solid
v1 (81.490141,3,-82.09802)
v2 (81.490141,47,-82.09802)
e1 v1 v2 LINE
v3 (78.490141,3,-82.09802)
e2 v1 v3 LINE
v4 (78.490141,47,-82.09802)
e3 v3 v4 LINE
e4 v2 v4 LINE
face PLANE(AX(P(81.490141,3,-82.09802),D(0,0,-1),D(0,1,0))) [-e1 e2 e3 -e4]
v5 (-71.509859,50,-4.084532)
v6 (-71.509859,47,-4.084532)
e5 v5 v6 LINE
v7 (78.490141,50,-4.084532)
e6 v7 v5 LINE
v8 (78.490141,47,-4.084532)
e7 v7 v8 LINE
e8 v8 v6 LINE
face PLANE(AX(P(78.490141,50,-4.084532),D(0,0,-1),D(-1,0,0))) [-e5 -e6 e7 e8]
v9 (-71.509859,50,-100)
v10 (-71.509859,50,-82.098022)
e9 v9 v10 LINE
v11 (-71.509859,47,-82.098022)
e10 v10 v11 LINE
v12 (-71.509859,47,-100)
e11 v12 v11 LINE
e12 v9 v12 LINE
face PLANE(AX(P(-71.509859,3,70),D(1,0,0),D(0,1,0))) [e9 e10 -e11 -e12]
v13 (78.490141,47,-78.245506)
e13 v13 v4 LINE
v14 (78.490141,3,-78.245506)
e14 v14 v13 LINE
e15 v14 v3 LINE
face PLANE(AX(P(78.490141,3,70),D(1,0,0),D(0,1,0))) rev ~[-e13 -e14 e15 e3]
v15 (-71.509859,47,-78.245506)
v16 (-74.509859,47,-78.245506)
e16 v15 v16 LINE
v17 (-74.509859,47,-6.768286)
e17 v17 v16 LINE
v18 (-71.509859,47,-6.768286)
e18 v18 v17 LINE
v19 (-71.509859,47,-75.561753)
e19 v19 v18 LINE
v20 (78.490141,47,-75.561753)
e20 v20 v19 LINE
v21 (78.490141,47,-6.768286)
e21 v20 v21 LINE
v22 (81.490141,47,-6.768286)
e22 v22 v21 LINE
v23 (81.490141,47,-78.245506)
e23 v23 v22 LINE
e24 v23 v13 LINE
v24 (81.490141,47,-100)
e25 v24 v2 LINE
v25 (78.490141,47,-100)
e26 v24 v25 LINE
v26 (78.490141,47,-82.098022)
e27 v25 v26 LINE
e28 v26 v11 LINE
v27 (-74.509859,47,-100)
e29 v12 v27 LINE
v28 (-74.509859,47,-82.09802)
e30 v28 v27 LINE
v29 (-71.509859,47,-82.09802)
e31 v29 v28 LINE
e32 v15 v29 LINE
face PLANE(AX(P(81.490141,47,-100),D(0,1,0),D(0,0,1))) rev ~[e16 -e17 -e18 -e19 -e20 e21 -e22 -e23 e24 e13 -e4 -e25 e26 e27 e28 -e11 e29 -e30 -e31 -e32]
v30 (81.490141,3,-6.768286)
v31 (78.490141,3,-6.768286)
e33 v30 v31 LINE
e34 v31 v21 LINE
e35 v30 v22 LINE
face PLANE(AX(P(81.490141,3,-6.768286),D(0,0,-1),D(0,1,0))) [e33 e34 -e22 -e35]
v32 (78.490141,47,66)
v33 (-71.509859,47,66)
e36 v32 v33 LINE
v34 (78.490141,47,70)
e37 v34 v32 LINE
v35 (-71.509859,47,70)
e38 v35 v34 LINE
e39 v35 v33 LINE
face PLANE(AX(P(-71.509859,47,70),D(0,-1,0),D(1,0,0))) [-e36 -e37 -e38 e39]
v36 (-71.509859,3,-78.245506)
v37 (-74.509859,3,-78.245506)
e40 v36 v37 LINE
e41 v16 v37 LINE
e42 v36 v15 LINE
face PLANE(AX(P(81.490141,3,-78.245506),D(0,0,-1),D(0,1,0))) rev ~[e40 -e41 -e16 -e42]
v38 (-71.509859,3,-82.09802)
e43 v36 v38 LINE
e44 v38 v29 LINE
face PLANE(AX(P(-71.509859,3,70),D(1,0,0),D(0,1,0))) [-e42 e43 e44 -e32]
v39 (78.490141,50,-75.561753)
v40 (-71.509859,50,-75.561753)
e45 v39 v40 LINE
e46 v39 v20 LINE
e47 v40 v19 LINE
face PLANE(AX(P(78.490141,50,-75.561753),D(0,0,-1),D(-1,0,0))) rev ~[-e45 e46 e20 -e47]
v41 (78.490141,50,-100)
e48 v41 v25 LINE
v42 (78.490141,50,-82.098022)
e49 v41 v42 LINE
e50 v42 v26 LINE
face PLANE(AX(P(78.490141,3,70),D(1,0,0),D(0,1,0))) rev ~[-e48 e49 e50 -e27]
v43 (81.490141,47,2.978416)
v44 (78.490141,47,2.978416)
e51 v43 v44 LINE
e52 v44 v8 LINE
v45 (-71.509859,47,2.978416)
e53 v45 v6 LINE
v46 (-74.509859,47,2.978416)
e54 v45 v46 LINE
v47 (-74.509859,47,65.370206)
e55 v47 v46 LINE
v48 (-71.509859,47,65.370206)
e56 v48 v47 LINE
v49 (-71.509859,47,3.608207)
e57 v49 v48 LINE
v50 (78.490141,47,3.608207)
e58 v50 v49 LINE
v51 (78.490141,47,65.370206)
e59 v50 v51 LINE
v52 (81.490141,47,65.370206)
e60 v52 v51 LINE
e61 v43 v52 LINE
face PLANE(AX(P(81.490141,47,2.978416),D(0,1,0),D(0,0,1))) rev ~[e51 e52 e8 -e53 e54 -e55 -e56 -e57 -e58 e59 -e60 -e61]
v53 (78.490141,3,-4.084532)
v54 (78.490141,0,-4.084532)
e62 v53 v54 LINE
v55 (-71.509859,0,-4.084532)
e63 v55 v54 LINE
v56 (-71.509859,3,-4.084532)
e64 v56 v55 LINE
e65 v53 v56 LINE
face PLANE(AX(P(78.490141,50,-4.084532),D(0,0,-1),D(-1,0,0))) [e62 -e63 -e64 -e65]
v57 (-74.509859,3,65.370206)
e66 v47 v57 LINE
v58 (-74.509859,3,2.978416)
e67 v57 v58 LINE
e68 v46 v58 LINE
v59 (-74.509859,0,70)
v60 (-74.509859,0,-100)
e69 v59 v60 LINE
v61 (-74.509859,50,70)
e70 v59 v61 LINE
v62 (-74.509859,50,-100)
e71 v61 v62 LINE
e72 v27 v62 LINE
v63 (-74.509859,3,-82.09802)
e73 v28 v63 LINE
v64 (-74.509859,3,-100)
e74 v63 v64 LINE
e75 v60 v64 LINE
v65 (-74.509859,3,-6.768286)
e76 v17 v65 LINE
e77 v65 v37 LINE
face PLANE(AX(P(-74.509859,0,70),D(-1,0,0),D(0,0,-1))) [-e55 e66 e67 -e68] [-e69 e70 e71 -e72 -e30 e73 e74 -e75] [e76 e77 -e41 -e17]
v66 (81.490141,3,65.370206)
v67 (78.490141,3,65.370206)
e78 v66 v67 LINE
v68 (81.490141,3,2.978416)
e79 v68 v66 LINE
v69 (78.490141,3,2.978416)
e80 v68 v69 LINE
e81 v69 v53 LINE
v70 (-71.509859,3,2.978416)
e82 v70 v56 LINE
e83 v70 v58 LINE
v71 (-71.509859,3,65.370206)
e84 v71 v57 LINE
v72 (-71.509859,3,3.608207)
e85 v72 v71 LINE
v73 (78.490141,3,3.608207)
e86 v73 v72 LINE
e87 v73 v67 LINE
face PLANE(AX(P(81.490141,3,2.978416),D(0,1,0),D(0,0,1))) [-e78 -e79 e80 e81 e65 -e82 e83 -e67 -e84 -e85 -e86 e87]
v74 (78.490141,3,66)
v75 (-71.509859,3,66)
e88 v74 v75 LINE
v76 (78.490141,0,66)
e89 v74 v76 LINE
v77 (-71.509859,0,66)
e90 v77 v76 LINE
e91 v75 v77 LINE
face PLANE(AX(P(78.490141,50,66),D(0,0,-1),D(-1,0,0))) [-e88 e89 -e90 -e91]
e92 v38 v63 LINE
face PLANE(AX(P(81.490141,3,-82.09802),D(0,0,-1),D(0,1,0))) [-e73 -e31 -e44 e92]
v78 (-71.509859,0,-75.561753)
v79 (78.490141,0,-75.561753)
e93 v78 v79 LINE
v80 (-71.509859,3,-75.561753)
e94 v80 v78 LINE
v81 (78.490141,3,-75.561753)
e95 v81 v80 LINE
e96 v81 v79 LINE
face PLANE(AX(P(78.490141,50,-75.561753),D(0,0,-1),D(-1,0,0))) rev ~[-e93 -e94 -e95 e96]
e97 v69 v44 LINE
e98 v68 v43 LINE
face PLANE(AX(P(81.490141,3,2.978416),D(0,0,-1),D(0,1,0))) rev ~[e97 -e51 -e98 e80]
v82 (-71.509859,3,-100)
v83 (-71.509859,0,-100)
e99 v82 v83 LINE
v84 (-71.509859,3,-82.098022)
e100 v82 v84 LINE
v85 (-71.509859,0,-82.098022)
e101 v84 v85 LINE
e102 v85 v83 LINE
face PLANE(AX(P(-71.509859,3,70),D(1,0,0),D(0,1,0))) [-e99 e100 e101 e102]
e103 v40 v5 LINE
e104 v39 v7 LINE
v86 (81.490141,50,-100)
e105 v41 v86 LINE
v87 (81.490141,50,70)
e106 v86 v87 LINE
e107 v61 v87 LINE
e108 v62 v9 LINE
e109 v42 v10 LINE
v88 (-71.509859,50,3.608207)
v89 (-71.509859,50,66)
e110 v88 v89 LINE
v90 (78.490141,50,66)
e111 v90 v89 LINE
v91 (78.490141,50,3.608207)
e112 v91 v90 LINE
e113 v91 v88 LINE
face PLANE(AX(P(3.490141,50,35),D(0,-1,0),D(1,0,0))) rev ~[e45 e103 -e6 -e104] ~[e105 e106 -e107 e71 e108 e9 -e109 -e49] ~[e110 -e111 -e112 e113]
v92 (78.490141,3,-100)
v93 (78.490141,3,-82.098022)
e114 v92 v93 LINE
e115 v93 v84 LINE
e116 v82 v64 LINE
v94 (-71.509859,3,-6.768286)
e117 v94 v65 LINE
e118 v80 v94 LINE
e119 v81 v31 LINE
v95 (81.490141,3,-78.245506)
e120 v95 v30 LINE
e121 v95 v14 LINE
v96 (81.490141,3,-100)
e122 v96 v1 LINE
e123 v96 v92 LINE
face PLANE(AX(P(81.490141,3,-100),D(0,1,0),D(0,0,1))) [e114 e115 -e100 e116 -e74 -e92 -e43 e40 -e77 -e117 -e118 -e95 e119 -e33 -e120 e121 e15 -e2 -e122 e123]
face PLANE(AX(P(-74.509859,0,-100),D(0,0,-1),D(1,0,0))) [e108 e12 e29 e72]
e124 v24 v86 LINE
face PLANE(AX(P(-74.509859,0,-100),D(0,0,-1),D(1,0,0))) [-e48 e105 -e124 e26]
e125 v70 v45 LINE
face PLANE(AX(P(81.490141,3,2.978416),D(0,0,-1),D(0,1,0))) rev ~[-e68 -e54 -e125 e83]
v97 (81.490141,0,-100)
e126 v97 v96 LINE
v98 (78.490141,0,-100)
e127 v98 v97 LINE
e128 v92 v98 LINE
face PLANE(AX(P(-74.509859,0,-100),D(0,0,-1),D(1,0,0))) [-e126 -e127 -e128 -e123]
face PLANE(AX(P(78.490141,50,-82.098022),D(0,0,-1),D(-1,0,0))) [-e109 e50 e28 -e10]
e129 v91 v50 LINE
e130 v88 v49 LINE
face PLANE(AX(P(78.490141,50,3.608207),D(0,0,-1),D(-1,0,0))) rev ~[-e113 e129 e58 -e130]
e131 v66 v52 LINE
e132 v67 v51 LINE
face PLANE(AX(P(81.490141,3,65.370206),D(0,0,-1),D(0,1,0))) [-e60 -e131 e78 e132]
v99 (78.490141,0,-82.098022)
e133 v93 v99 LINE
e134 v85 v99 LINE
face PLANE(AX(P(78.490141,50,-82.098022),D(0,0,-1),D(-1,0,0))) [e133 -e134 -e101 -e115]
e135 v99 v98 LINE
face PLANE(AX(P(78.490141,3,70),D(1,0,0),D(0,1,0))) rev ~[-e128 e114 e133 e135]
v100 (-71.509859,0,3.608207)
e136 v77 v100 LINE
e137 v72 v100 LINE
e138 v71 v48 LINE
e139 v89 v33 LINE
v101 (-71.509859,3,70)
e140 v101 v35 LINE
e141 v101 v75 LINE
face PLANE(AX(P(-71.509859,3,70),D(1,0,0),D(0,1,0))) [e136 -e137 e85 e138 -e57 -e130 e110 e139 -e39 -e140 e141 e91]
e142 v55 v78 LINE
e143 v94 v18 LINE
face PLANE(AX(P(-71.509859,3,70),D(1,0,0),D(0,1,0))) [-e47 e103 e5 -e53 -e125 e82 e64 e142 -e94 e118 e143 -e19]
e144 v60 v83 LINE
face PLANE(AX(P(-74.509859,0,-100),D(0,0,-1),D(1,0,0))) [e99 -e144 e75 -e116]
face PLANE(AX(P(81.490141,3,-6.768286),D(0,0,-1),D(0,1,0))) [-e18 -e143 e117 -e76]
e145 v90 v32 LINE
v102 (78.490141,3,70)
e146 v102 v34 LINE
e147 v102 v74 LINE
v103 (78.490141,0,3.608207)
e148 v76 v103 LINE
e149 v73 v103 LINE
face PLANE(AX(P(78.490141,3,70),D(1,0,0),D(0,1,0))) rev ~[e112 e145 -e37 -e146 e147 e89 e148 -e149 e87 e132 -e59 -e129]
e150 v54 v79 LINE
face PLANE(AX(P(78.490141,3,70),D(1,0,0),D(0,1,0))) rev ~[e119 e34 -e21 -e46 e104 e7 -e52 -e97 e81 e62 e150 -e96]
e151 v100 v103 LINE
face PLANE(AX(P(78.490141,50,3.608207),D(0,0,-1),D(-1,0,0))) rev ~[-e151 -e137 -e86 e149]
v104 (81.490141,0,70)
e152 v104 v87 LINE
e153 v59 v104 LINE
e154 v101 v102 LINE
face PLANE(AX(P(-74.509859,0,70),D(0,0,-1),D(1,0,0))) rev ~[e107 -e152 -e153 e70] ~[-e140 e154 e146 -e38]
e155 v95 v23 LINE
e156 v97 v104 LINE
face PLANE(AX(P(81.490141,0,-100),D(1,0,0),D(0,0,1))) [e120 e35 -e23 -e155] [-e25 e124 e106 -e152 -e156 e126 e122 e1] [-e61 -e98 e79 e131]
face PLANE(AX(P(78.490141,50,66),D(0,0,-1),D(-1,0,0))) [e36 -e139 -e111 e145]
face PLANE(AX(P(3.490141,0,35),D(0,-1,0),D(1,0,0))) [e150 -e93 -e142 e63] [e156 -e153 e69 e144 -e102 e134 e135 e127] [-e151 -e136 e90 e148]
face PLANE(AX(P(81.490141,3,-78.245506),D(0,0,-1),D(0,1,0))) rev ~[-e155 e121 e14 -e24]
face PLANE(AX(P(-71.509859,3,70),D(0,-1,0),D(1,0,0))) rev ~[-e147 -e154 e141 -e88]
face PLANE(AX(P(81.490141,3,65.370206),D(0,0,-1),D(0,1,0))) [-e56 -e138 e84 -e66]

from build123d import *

# Parameters (mm, degrees)
F0_W     = 156
F0_H     = 70
F0_H_2   = 80
F0_H_3   = 20
F1_DEPTH = 50
F2_W     = 150
F2_H     = 17.901978
F2_H_2   = 71.477221
F2_H_3   = 62.391793
F3_DEPTH = 70
F4_W     = 150
F4_H     = 44
F5_DEPTH = 200
F6_W     = 44
F6_H     = 17.90198
F6_H_2   = 71.47722
F6_H_3   = 62.39179
F7_DEPTH = 200


with BuildPart() as f1:
    # F0 (on Front) → F1 (new body)
    with BuildSketch(Plane.XZ):
        with Locations((3.490141, 35)):
            Rectangle(F0_W, F0_H)
        with Locations((3.490141, -40)):
            Rectangle(F0_W, F0_H_2)
        with Locations((3.490141, -90)):
            Rectangle(F0_W, F0_H_3)
    extrude(amount=-F1_DEPTH)

    # F2 (on face) → F3 (cut)
    with BuildSketch(Plane(origin=(0, 50, 0), x_dir=(-1, 0, 0), z_dir=(0, 1, 0))):
        with Locations((-3.490141, -91.049011)):
            Rectangle(F2_W, F2_H)
        with Locations((-3.490141, -39.823143)):
            Rectangle(F2_W, F2_H_2)
        with Locations((-3.490141, 34.804103)):
            Rectangle(F2_W, F2_H_3)
    extrude(amount=-F3_DEPTH, mode=Mode.SUBTRACT)

    # F4 (on face) → F5 (cut)
    with BuildSketch(Plane.XY.offset(70)):
        with Locations((3.490141, 25)):
            Rectangle(F4_W, F4_H)
    extrude(amount=-F5_DEPTH, mode=Mode.SUBTRACT)

    # F6 (on face) → F7 (cut)
    with BuildSketch(Plane.YZ.offset(81.490141)):
        with Locations((25, -91.04901)):
            Rectangle(F6_W, F6_H)
        with Locations((25, -42.506896)):
            Rectangle(F6_W, F6_H_2)
        with Locations((25, 34.174311)):
            Rectangle(F6_W, F6_H_3)
    extrude(amount=-F7_DEPTH, mode=Mode.SUBTRACT)


solid = f1.part
